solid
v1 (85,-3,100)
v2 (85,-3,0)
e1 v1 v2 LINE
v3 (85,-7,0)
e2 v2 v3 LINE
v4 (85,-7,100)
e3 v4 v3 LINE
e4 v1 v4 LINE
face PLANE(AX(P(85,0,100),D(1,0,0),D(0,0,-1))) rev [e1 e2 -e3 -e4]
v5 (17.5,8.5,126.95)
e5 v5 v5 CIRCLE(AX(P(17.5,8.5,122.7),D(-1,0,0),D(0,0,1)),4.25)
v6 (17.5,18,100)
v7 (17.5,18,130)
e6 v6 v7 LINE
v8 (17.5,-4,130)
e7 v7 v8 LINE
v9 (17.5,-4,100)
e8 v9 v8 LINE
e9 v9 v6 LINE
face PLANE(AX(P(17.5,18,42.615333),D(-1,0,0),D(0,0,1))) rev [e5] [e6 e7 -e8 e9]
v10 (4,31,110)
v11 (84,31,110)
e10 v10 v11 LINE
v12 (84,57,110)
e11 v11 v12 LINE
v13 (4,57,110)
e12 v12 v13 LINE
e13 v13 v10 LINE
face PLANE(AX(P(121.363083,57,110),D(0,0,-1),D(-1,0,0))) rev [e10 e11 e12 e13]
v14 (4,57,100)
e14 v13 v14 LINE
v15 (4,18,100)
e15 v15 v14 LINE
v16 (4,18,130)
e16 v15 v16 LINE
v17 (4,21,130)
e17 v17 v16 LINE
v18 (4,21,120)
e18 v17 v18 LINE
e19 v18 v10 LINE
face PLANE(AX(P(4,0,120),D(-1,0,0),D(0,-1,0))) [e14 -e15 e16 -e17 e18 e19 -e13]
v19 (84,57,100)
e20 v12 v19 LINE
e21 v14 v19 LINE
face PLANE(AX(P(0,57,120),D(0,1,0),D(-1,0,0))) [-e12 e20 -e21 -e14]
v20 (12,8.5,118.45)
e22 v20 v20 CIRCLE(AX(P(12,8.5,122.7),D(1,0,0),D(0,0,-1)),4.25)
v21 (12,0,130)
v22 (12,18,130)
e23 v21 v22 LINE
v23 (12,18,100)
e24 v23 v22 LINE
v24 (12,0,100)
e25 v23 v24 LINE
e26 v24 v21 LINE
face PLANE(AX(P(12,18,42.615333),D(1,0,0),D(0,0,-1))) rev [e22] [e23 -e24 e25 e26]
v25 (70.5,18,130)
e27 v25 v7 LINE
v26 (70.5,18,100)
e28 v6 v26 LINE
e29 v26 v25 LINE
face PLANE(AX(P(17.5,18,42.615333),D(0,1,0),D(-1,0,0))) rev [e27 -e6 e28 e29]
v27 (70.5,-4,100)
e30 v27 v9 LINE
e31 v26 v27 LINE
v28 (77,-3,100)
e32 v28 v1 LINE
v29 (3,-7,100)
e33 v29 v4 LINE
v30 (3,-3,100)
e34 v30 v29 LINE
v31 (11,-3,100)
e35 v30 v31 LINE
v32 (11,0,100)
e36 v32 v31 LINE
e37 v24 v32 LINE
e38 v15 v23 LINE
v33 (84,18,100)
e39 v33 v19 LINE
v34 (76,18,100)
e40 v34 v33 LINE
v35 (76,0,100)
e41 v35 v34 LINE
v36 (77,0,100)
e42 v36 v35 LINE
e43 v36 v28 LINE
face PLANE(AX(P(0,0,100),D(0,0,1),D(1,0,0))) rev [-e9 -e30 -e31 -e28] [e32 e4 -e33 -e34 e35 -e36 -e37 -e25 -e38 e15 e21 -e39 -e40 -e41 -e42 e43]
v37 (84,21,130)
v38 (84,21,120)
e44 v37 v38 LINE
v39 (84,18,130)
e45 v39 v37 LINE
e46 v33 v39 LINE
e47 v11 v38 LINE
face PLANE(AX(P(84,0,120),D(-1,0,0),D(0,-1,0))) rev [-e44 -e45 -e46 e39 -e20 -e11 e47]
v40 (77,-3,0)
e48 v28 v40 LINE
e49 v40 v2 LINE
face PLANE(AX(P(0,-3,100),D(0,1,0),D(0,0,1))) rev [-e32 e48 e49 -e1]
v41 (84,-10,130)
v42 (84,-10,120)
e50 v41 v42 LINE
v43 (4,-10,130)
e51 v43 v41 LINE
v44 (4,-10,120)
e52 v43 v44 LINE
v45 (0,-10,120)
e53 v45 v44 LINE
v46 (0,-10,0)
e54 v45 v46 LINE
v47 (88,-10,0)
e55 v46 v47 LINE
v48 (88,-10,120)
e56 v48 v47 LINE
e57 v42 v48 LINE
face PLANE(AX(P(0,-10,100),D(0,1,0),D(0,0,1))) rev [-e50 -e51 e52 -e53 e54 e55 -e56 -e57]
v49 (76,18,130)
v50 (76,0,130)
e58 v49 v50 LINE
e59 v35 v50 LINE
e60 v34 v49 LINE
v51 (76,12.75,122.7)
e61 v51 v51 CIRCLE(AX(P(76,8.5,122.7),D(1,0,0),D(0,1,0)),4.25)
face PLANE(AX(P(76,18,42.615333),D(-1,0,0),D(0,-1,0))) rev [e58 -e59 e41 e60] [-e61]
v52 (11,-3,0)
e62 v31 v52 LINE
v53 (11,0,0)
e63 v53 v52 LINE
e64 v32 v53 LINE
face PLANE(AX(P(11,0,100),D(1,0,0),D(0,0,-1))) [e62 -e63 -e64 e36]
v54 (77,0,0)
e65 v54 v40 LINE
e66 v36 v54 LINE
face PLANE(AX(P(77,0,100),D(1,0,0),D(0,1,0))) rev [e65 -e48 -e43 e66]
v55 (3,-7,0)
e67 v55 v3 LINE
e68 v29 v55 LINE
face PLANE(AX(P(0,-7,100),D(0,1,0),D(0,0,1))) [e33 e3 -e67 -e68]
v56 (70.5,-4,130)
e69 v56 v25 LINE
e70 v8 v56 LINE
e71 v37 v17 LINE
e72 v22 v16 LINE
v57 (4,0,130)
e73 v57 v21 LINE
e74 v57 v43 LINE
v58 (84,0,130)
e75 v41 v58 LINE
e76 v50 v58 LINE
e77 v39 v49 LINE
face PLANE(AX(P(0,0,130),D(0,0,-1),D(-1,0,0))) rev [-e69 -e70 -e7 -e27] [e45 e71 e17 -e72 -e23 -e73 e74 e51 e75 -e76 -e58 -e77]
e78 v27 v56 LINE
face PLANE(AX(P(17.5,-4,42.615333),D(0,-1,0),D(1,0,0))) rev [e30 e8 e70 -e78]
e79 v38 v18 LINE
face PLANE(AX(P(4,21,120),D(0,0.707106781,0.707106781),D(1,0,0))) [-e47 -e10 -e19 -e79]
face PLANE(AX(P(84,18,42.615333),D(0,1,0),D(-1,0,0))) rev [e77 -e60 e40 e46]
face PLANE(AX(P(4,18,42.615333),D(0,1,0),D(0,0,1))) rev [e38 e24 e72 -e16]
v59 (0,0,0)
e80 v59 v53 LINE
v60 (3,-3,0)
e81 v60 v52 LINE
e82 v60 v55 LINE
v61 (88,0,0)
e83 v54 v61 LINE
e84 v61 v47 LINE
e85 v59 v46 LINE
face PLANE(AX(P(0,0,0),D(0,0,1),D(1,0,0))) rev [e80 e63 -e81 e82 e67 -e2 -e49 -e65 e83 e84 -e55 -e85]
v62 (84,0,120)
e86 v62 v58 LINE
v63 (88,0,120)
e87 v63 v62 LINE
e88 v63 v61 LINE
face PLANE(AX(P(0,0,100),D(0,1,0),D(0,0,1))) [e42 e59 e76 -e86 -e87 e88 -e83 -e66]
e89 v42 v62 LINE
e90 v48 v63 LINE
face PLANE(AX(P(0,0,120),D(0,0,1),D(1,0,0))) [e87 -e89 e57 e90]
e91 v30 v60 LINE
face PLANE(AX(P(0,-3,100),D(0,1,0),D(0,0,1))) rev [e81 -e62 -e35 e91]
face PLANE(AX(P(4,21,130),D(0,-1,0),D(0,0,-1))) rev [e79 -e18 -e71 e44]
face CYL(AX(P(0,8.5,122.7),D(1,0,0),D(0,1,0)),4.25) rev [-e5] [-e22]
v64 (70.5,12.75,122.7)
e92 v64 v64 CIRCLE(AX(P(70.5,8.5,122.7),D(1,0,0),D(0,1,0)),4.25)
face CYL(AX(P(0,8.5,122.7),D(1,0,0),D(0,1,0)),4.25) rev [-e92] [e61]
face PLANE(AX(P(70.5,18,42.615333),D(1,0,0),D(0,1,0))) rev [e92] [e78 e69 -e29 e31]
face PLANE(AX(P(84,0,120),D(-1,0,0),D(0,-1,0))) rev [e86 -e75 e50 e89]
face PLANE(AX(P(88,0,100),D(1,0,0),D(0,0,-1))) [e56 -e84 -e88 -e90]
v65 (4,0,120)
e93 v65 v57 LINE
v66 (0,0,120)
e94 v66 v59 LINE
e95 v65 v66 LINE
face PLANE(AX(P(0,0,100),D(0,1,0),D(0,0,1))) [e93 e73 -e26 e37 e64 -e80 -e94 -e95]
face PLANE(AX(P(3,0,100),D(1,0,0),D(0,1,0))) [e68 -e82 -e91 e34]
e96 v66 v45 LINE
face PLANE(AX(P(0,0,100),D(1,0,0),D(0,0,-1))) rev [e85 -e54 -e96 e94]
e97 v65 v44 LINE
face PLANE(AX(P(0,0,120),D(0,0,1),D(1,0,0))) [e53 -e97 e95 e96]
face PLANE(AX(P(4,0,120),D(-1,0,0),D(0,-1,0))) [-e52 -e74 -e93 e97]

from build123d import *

# Parameters (mm, degrees)
BOSS_EXTRUDE1_DEPTH = 100
BOSS_EXTRUDE2_DEPTH = 20
SKETCH4_W           = 80
SKETCH4_H           = 31
BOSS_EXTRUDE3_DEPTH = 10
SKETCH4_2_W         = 80
SKETCH4_2_H         = 31
BOSS_EXTRUDE4_DEPTH = 20
SKETCH5_W           = 53
SKETCH5_H           = 22
SKETCH5_W_2         = 8
SKETCH5_H_2         = 18
CUT_EXTRUDE1_DEPTH  = 30
SKETCH6_W           = 10
SKETCH6_H           = 36
CUT_EXTRUDE2_DEPTH  = 80
SKETCH7_R           = 4.25
CUT_EXTRUDE3_DEPTH  = 162.012421881
CHAMFER1_SIZE       = 10


with BuildPart() as part:
    # Sketch1 → Boss-Extrude1 (new body)
    with BuildSketch(Plane.XY):
        Polygon((11, 0), (0, 0), (0, -10), (88, -10), (88, 0), (77, 0), (77, -3), (85, -3), (85, -7), (3, -7), (3, -3), (11, -3), align=None)
    extrude(amount=BOSS_EXTRUDE1_DEPTH)

    # Sketch2 → Boss-Extrude2 (add)
    with BuildSketch(Plane.XY.offset(100)):
        Polygon((77, 0), (11, 0), (11, -3), (3, -3), (3, -7), (85, -7), (85, -3), (77, -3), align=None)
        Polygon((4, 57), (4, 0), (11, 0), (77, 0), (84, 0), (84, 57), align=None)
        Polygon((0, 0), (0, -10), (88, -10), (88, 0), (84, 0), (77, 0), (77, -3), (85, -3), (85, -7), (3, -7), (3, -3), (11, -3), (11, 0), (4, 0), align=None)
    extrude(amount=BOSS_EXTRUDE2_DEPTH)

    # Sketch4 → Boss-Extrude3 (add)
    with BuildSketch(Plane.XY.offset(120)):
        with Locations((44, 5.5)):
            Rectangle(SKETCH4_W, SKETCH4_H)
    extrude(amount=BOSS_EXTRUDE3_DEPTH)

    # Sketch4<2> → Boss-Extrude4 (add)
    with BuildSketch(Plane.XY.offset(120)):
        with Locations((44, 5.5)):
            Rectangle(SKETCH4_2_W, SKETCH4_2_H)
    extrude(amount=-BOSS_EXTRUDE4_DEPTH)

    # Sketch5 → Cut-Extrude1 (cut)
    with BuildSketch(Plane.XY.offset(130)):
        with Locations((44, 7)):
            Rectangle(SKETCH5_W, SKETCH5_H)
        with Locations((8, 9)):
            Rectangle(SKETCH5_W_2, SKETCH5_H_2)
        with Locations((80, 9)):
            Rectangle(SKETCH5_W_2, SKETCH5_H_2)
    extrude(amount=-CUT_EXTRUDE1_DEPTH, mode=Mode.SUBTRACT)

    # Sketch6 → Cut-Extrude2 (cut)
    with BuildSketch(Plane.ZY.offset(-4)):
        with Locations((115, 39)):
            Rectangle(SKETCH6_W, SKETCH6_H)
    extrude(amount=-CUT_EXTRUDE2_DEPTH, mode=Mode.SUBTRACT)

    # Sketch7 → Cut-Extrude3 (cut, through all)
    with BuildSketch(Plane(origin=(76, 0, 0), x_dir=(0, 0, -1), z_dir=(1, 0, 0))):
        with Locations(Location((-122.7, 8.5, 0), (0, 0, 90))):
            Circle(SKETCH7_R)
    extrude(amount=-CUT_EXTRUDE3_DEPTH, mode=Mode.SUBTRACT)

    # Chamfer1
    chamfer1_edges = [part.edges().sort_by_distance(p)[0] for p in [
        (44, 21, 110),
    ]]
    chamfer(chamfer1_edges, length=CHAMFER1_SIZE)


solid = part.part
